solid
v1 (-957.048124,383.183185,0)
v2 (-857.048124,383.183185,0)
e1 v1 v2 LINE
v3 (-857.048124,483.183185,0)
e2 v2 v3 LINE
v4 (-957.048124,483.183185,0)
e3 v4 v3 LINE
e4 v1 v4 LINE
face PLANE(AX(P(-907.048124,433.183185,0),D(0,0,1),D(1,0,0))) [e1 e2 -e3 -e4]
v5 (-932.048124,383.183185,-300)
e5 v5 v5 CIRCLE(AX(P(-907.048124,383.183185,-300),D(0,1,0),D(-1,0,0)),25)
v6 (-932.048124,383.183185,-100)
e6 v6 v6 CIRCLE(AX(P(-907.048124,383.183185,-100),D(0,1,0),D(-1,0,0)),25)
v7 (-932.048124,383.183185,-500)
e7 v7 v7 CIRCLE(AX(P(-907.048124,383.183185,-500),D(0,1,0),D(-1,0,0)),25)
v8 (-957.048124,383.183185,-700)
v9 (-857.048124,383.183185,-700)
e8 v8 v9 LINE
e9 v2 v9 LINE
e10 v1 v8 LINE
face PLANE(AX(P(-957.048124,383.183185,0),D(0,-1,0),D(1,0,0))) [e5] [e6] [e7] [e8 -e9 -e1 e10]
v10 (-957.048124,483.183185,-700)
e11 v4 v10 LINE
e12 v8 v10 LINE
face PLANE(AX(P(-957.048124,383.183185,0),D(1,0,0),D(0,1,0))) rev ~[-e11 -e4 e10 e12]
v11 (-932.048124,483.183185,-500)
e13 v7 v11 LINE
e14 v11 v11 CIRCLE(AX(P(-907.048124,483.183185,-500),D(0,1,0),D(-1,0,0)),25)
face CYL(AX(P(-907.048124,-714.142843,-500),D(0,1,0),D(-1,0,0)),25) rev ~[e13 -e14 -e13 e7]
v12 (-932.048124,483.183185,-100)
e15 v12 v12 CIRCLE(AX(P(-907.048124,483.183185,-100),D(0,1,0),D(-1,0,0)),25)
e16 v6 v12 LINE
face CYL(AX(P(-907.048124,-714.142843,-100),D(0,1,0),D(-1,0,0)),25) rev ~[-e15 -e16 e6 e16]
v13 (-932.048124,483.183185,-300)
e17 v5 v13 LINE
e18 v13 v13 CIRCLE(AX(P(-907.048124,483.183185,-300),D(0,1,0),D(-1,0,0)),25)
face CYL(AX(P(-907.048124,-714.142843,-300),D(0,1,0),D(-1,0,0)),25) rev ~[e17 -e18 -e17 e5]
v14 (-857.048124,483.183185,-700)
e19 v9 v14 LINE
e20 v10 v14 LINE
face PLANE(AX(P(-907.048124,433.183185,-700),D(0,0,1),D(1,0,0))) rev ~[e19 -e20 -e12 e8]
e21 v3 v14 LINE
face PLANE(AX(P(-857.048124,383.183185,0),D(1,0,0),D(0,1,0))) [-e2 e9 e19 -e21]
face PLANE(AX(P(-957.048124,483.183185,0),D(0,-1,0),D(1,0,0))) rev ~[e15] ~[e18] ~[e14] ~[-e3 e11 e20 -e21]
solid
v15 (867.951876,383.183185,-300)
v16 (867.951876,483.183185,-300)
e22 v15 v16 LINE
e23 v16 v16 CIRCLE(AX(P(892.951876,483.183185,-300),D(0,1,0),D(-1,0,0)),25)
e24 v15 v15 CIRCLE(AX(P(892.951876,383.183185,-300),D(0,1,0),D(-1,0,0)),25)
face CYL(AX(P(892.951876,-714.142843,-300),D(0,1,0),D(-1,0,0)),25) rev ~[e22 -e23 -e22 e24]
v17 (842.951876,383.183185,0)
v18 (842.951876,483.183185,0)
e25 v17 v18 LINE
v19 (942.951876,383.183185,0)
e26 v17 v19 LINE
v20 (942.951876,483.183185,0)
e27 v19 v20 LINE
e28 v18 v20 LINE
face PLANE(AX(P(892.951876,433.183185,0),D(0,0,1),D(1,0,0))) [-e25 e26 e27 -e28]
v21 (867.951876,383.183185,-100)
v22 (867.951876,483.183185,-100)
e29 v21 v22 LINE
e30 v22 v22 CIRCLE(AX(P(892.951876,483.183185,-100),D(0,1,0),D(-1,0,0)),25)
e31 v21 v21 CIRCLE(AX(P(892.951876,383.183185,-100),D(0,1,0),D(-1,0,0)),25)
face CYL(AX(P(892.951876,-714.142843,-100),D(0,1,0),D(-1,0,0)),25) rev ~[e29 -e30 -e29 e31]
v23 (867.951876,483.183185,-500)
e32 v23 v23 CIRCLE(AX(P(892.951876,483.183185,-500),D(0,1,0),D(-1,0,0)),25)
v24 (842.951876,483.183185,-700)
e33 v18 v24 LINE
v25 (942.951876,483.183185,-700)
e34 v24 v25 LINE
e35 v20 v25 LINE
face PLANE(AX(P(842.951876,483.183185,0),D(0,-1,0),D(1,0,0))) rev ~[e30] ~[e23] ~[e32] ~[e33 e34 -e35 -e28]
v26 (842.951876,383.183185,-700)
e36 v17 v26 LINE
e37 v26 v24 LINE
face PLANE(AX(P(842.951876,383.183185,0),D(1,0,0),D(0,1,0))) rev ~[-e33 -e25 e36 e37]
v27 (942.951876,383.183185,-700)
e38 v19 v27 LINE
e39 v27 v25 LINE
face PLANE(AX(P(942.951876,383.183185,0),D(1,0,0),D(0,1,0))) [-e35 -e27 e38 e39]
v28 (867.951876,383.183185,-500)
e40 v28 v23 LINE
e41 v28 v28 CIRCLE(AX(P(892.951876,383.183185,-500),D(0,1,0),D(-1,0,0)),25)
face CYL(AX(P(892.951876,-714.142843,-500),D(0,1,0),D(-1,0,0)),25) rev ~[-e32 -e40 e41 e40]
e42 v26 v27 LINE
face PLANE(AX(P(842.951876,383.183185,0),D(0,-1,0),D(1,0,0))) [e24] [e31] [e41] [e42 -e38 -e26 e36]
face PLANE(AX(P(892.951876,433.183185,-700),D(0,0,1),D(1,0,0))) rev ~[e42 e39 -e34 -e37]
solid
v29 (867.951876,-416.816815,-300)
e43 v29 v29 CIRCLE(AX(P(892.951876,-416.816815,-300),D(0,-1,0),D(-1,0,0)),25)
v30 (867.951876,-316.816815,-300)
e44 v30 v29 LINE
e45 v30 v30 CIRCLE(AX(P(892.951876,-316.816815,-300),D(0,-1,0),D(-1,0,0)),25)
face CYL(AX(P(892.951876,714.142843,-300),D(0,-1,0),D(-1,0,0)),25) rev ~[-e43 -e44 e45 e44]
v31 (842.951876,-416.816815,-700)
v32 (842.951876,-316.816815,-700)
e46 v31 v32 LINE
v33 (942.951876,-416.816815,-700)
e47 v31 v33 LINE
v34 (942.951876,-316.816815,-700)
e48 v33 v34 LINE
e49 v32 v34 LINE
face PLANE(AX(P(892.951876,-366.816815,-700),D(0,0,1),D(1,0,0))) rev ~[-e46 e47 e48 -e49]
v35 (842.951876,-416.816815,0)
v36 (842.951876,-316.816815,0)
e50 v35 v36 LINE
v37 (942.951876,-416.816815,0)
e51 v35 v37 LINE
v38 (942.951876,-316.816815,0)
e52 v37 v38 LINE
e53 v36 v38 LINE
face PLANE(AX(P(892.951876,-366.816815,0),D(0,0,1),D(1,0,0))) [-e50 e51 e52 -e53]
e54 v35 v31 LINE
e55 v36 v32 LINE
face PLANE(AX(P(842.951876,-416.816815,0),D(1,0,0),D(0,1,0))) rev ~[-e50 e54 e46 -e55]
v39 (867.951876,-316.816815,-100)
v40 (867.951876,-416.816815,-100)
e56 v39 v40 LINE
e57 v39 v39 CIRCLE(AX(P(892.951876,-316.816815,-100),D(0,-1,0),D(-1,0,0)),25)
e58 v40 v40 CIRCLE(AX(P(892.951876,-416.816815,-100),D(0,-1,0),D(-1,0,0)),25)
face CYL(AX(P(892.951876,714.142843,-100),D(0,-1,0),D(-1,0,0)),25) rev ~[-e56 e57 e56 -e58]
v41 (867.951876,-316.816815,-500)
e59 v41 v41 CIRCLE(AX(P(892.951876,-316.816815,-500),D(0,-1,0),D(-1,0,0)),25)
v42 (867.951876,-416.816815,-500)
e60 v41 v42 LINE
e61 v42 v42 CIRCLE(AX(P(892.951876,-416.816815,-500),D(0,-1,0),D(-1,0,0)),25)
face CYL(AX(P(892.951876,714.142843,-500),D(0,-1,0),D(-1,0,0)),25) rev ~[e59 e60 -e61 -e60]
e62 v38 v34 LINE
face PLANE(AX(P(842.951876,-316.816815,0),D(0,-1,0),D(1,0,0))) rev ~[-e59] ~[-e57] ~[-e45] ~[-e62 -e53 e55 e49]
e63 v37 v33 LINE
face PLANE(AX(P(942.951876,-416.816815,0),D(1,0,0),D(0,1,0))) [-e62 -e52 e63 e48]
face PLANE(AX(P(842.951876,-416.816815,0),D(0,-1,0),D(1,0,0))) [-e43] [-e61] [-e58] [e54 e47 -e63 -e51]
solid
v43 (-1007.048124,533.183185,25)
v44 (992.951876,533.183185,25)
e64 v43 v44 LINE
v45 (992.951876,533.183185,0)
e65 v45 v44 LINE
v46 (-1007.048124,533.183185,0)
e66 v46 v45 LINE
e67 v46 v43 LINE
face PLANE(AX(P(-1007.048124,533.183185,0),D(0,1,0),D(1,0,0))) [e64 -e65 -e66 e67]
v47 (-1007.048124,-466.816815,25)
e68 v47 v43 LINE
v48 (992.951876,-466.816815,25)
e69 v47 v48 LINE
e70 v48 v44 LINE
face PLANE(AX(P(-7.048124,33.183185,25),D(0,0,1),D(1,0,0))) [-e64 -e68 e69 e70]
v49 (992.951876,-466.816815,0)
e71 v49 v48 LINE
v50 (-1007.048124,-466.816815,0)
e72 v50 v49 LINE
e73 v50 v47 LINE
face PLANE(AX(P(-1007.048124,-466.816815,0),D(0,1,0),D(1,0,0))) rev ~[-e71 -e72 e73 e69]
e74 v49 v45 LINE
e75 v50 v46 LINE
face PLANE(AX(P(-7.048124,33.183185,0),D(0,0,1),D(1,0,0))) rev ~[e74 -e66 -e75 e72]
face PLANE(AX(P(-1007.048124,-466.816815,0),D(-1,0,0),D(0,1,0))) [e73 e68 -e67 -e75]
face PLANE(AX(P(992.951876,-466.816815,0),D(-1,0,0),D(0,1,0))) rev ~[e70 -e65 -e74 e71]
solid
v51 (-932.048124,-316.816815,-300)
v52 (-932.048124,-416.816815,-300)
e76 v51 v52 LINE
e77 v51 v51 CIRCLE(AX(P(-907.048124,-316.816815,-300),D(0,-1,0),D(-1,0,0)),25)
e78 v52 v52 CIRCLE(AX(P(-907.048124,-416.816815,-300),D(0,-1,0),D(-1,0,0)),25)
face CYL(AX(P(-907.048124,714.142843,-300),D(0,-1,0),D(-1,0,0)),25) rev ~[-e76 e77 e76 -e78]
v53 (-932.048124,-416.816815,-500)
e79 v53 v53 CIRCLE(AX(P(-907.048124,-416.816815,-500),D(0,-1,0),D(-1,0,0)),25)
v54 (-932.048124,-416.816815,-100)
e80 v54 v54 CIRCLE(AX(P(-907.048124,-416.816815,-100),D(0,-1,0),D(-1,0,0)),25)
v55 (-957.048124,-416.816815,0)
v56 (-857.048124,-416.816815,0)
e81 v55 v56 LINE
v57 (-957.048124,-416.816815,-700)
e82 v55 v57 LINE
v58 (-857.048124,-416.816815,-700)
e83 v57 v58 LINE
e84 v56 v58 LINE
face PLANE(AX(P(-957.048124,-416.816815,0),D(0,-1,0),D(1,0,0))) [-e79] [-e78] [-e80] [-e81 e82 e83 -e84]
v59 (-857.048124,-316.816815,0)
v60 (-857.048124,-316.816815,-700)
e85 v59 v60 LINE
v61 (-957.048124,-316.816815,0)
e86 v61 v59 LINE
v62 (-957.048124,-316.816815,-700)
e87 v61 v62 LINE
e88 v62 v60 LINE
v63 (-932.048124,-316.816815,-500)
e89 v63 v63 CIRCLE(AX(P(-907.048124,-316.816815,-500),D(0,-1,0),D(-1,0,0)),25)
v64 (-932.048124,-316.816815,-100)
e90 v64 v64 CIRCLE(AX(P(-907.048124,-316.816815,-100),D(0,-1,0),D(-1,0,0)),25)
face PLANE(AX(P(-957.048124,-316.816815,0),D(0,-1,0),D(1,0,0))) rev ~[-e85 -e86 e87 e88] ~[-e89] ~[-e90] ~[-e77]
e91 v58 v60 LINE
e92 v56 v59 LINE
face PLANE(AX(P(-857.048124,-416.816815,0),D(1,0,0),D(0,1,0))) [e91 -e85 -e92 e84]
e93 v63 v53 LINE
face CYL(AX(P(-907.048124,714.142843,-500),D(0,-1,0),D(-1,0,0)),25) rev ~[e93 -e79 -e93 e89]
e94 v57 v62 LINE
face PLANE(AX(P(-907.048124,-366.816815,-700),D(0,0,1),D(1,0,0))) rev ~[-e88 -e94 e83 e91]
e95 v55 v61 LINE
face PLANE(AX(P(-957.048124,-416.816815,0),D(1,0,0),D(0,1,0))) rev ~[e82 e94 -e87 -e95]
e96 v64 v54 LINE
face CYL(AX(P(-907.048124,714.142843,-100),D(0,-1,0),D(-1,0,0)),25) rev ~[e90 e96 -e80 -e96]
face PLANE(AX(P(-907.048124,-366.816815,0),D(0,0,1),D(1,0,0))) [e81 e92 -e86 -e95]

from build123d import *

# Parameters (mm, degrees)
F0_W     = 2000
F0_H     = 1000
F0_W_2   = 100
F0_H_2   = 100
F1_DEPTH = 25
F2_DEPTH = 700
F4_D     = 50
F5_D     = 50
F6_D     = 50
F7_D     = 50


with BuildPart() as f1:
    # F0 (on Top) → F1 (new body)
    with BuildSketch(Plane.XY):
        with Locations((-7.0481244475, 33.1831849229)):
            Rectangle(F0_W, F0_H)
        with Locations((-907.0481244475, -366.8168150771)):
            Rectangle(F0_W_2, F0_H_2, mode=Mode.SUBTRACT)
        with Locations((892.9518755525, -366.8168150771)):
            Rectangle(F0_W_2, F0_H_2, mode=Mode.SUBTRACT)
        with Locations((-907.0481244475, 433.1831849229)):
            Rectangle(F0_W_2, F0_H_2, mode=Mode.SUBTRACT)
        with Locations((892.9518755525, 433.1831849229)):
            Rectangle(F0_W_2, F0_H_2, mode=Mode.SUBTRACT)
        with Locations((-907.0481244475, 433.1831849229)):
            Rectangle(F0_W_2, F0_H_2)
        with Locations((-907.0481244475, -366.8168150771)):
            Rectangle(F0_W_2, F0_H_2)
        with Locations((892.9518755525, 433.1831849229)):
            Rectangle(F0_W_2, F0_H_2)
        with Locations((892.9518755525, -366.8168150771)):
            Rectangle(F0_W_2, F0_H_2)
    extrude(amount=F1_DEPTH)


with BuildPart() as f2:
    # F0 (on Top) → F2 (new body)
    with BuildSketch(Plane.XY):
        with Locations((-907.0481244475, -366.8168150771)):
            Rectangle(F0_W_2, F0_H_2)
    extrude(amount=-F2_DEPTH)

    # F4 (through all)
    with Locations(Plane(origin=(0, 0, 0), x_dir=(1, 0, 0), z_dir=(0, 1, 0))):
        with Locations((-907.0481244475, 100), (-907.0481244475, 300), (-907.0481244475, 500)):
            Hole(F4_D / 2)


with BuildPart() as f2b:
    # F0 (on Top) → F2, piece 2 (new body)
    with BuildSketch(Plane.XY):
        with Locations((-907.0481244475, 433.1831849229)):
            Rectangle(F0_W_2, F0_H_2)
    extrude(amount=-F2_DEPTH)

    # F5 (through all)
    with Locations(Plane.XZ):
        with Locations((-907.0481244475, -100), (-907.0481244475, -300), (-907.0481244475, -500)):
            Hole(F5_D / 2)


with BuildPart() as f2c:
    # F0 (on Top) → F2, piece 3 (new body)
    with BuildSketch(Plane.XY):
        with Locations((892.9518755525, -366.8168150771)):
            Rectangle(F0_W_2, F0_H_2)
    extrude(amount=-F2_DEPTH)

    # F6 (through all)
    with Locations(Plane(origin=(0, 0, 0), x_dir=(1, 0, 0), z_dir=(0, 1, 0))):
        with Locations((892.9518755525, 100), (892.9518755525, 300), (892.9518755525, 500)):
            Hole(F6_D / 2)


with BuildPart() as f2d:
    # F0 (on Top) → F2, piece 4 (new body)
    with BuildSketch(Plane.XY):
        with Locations((892.9518755525, 433.1831849229)):
            Rectangle(F0_W_2, F0_H_2)
    extrude(amount=-F2_DEPTH)

    # F7 (through all)
    with Locations(Plane.XZ):
        with Locations((892.9518755525, -100), (892.9518755525, -300), (892.9518755525, -500)):
            Hole(F7_D / 2)


solid = Compound([f1.part, f2.part, f2b.part, f2c.part, f2d.part])
